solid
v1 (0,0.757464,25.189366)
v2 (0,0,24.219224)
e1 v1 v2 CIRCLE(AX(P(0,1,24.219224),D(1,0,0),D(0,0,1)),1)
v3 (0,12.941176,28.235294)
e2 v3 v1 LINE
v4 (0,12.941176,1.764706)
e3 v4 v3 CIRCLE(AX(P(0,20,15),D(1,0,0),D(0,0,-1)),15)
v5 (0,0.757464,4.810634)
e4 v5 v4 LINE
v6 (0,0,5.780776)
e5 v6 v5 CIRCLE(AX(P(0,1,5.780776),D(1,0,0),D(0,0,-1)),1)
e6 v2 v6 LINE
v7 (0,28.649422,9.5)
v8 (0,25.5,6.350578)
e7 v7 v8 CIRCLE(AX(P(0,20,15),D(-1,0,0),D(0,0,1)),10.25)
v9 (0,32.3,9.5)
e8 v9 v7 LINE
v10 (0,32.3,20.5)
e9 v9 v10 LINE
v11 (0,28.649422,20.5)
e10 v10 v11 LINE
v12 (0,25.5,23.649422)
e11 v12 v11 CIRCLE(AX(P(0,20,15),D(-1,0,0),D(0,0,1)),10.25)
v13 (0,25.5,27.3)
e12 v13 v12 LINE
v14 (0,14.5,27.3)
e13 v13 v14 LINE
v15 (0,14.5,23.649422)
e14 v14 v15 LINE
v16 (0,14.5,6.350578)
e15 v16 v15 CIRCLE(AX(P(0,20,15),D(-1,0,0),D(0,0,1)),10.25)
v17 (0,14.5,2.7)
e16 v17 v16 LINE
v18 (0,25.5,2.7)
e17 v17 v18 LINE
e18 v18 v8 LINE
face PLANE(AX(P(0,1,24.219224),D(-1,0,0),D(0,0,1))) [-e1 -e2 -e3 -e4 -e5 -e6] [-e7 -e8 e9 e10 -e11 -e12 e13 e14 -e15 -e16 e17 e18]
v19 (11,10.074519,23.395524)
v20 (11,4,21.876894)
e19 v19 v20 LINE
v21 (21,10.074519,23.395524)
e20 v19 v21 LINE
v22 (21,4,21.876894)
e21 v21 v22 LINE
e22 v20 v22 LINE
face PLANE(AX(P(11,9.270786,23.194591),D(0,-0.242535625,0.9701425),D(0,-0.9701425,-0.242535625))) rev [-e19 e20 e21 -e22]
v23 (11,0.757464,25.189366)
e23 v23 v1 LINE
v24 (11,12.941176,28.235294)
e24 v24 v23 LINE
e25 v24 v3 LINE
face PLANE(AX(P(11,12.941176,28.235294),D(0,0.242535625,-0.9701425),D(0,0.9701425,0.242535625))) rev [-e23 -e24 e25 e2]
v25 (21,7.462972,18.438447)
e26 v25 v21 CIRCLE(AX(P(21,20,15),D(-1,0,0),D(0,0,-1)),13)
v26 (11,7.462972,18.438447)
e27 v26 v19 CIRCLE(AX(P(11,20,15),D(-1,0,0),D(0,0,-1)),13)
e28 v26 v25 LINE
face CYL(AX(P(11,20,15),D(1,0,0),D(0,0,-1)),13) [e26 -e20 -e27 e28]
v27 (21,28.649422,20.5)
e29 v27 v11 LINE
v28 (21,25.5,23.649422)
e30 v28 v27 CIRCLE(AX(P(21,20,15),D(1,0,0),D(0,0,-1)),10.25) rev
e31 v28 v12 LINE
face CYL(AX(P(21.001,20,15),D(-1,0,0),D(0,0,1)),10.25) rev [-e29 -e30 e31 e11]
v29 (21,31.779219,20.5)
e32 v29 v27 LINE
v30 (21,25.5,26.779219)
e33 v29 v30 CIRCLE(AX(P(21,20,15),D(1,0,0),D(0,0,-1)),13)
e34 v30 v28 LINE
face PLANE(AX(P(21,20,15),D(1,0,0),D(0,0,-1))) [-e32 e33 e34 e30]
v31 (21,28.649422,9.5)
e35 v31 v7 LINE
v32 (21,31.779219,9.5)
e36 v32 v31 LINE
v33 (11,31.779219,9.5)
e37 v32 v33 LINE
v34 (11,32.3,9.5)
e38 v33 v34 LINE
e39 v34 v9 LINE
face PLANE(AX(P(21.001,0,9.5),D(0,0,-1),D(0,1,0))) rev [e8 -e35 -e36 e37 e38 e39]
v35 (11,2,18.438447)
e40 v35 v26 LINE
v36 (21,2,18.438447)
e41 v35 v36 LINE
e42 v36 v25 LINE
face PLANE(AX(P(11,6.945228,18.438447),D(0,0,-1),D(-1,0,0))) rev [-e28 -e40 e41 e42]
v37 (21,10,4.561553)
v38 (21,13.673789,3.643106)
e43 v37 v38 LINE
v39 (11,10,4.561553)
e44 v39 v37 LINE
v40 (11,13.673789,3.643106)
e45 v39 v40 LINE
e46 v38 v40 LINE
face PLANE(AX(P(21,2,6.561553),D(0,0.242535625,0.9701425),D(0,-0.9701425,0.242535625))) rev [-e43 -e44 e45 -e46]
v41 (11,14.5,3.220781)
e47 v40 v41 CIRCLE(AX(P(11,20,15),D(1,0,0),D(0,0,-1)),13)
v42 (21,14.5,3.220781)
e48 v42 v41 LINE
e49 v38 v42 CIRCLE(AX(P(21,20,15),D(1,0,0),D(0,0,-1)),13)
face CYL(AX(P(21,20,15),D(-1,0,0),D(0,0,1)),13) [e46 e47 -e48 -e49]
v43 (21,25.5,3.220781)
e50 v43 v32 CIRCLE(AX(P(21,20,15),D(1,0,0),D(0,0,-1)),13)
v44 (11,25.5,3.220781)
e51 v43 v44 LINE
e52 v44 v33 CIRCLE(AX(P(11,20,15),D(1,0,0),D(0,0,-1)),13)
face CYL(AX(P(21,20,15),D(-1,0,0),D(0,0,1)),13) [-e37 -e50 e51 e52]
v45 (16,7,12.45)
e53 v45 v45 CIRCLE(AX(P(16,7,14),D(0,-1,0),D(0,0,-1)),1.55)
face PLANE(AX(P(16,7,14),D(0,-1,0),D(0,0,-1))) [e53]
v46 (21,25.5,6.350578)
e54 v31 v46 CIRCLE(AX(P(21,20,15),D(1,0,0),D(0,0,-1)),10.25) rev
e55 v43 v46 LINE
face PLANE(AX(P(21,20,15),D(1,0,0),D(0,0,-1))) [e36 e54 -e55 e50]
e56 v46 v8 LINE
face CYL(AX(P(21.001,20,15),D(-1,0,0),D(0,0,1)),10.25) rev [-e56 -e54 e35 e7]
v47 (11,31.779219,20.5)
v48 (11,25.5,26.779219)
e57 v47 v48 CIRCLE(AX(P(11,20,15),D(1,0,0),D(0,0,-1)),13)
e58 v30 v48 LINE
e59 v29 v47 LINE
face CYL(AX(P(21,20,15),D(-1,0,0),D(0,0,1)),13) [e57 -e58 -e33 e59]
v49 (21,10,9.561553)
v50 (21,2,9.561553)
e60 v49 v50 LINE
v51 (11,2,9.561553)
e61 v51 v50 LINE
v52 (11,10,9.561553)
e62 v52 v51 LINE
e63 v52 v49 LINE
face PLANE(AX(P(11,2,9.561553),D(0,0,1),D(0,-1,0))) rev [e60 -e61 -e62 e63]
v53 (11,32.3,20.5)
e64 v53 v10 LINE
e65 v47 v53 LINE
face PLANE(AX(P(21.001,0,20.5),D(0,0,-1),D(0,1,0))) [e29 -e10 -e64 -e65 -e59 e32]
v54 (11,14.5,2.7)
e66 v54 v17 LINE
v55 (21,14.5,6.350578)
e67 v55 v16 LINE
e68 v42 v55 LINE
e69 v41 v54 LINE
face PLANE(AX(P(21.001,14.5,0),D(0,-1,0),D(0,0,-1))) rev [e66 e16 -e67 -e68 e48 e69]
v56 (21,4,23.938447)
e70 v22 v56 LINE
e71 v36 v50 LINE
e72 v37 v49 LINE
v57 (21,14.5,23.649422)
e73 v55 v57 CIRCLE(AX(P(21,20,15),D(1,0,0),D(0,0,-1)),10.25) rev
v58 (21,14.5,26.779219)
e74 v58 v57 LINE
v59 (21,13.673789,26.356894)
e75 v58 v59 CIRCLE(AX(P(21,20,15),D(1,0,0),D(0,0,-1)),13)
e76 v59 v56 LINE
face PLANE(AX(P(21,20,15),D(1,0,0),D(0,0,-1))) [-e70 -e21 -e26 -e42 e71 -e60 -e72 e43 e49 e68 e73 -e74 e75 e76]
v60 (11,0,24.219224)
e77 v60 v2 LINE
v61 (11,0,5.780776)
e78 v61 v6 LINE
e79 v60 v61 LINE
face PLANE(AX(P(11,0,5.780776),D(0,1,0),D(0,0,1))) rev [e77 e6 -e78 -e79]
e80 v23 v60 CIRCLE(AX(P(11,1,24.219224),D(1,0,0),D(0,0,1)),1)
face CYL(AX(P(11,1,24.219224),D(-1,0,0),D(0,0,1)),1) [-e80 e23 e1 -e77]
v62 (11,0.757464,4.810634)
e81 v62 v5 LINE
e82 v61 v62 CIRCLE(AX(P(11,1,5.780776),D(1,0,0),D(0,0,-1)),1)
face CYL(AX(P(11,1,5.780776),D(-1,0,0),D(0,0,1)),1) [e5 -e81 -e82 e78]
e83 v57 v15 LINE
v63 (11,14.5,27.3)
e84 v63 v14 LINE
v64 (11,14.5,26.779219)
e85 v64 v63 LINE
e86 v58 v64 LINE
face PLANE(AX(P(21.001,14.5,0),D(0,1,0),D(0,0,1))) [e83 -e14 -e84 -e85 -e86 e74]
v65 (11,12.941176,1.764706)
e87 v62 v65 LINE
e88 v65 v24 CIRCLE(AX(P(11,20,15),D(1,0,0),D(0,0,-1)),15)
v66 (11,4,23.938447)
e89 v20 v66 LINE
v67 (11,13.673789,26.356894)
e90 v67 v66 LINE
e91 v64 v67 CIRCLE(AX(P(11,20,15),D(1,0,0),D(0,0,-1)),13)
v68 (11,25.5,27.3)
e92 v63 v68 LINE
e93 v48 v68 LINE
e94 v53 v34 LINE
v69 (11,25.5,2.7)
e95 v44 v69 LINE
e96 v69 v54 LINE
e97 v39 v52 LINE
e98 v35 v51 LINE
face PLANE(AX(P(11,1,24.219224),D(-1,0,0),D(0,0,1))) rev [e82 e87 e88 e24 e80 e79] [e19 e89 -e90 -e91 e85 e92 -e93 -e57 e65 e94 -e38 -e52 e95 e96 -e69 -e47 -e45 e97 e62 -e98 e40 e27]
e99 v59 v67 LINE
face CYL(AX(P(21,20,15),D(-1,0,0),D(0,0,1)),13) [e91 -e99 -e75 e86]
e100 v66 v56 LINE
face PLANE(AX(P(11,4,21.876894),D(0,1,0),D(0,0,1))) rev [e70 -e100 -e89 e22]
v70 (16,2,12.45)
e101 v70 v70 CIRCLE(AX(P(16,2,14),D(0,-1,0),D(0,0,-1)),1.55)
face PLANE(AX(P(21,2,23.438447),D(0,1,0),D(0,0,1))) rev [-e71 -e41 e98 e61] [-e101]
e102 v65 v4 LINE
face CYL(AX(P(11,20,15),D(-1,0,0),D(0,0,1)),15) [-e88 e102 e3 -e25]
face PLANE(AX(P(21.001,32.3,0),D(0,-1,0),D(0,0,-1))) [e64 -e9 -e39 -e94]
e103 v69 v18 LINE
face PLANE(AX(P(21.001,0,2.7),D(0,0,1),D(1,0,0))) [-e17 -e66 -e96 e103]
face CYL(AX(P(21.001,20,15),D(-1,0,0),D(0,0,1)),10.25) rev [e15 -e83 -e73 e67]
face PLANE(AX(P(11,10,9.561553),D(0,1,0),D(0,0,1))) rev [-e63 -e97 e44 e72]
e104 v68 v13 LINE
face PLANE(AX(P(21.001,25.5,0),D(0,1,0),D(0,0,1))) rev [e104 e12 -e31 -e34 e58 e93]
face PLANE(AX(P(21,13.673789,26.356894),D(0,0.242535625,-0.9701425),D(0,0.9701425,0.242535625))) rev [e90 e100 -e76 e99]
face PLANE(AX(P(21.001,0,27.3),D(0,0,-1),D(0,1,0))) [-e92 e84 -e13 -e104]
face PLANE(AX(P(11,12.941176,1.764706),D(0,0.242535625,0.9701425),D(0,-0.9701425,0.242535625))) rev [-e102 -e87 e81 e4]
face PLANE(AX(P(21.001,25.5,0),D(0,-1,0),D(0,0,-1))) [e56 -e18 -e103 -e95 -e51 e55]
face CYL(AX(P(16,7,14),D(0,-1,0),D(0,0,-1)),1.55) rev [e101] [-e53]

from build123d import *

# Parameters (mm, degrees)
CROQUIS1_R              = 10
SALIENTE_EXTRUIR1_DEPTH = 11
CROQUIS2_R              = 10
SALIENTE_EXTRUIR2_DEPTH = 10
CORTAR_EXTRUIR3_START   = -10
CORTAR_EXTRUIR3_DEPTH   = 10
CROQUIS8_R              = 1.55
CORTAR_EXTRUIR4_DEPTH   = 5
CORTAR_EXTRUIR8_REACH   = 52.656
CORTAR_EXTRUIR9_START   = -10
CORTAR_EXTRUIR9_DEPTH   = 10


with BuildPart() as part:
    # Croquis1 → Saliente-Extruir1 (new body)
    with BuildSketch(Plane(origin=(0, 0, 0), x_dir=(0, 0, -1), z_dir=(1, 0, 0))):
        with BuildLine():
            Line((-5.780776406, 0), (-24.219223594, 0))
            ThreePointArc((-24.219223594, 0), (-24.834635803, 0.211794562), (-25.189366094, 0.757464375))
            Line((-25.189366094, 0.757464375), (-28.235294118, 12.941176471))
            ThreePointArc((-28.235294118, 12.941176471), (-15, 35), (-1.764705882, 12.941176471))
            Line((-1.764705882, 12.941176471), (-4.810633906, 0.757464375))
            ThreePointArc((-4.810633906, 0.757464375), (-5.165364197, 0.211794562), (-5.780776406, 0))
        make_face()
        with Locations((-15, 20)):
            Circle(CROQUIS1_R, mode=Mode.SUBTRACT)
    extrude(amount=SALIENTE_EXTRUIR1_DEPTH)

    # Croquis2 → Saliente-Extruir2 (add)
    with BuildSketch(Plane(origin=(11, 0, 0), x_dir=(0, 0, -1), z_dir=(1, 0, 0))):
        with BuildLine():
            Line((-23.438447187, 2), (-6.561552813, 2))
            Line((-6.561552813, 2), (-3.643105675, 13.673788552))
            ThreePointArc((-3.643105675, 13.673788552), (-15, 33), (-26.356894325, 13.673788552))
            Line((-26.356894325, 13.673788552), (-23.438447187, 2))
        make_face()
        with Locations((-15, 20)):
            Circle(CROQUIS2_R, mode=Mode.SUBTRACT)
    extrude(amount=SALIENTE_EXTRUIR2_DEPTH)

    # Croquis3 → Cortar-Extruir3 (cut)
    with BuildSketch(Plane(origin=(21, 0, 0), x_dir=(0, 0, -1), z_dir=(1, 0, 0)).offset(CORTAR_EXTRUIR3_START)):
        Polygon((-9.561552813, 2), (-9.561552813, 10), (-4.561552813, 10), (-6.561552813, 2), align=None)
        with BuildLine():
            Line((-23.438447187, 2), (-18.438447187, 2))
            Line((-18.438447187, 2), (-18.438447187, 6.945227656))
            Line((-18.438447187, 6.945227656), (-18.438447187, 7.462971606))
            ThreePointArc((-18.438447187, 7.462971606), (-21.059353424, 8.498511571), (-23.395524099, 10.074518898))
            Line((-23.395524099, 10.074518898), (-23.194590952, 9.270786312))
            Line((-23.194590952, 9.270786312), (-21.876894374, 4))
            Line((-21.876894374, 4), (-23.938447187, 4))
            Line((-23.938447187, 4), (-23.438447187, 2))
        make_face()
    extrude(amount=CORTAR_EXTRUIR3_DEPTH, mode=Mode.SUBTRACT)

    # Croquis8 → Cortar-Extruir4 (cut)
    with BuildSketch(Plane.XZ.offset(-2)):
        with Locations(Location((16, 14, 0), (0, 0, 270))):
            Circle(CROQUIS8_R)
    extrude(amount=-CORTAR_EXTRUIR4_DEPTH, mode=Mode.SUBTRACT)

    # Croquis10 → Cortar-Extruir8 (cut, up to next)
    with BuildSketch(Plane.ZY, mode=Mode.PRIVATE) as cortar_extruir8_sk1:
        with BuildLine():
            Line((15, 32.3), (20.5, 32.3))
            Line((20.5, 32.3), (20.5, 28.649421946))
            ThreePointArc((20.5, 28.649421946), (22.247844507, 27.247844507), (23.649421946, 25.5))
            Line((23.649421946, 25.5), (27.3, 25.5))
            Line((27.3, 25.5), (27.3, 20))
            Line((27.3, 20), (27.3, 14.5))
            Line((27.3, 14.5), (23.649421946, 14.5))
            ThreePointArc((23.649421946, 14.5), (15, 9.75), (6.350578054, 14.5))
            Line((6.350578054, 14.5), (2.7, 14.5))
            Line((2.7, 14.5), (2.7, 20))
            Line((2.7, 20), (2.7, 25.5))
            Line((2.7, 25.5), (6.350578054, 25.5))
            ThreePointArc((6.350578054, 25.5), (7.752155493, 27.247844507), (9.5, 28.649421946))
            Line((9.5, 28.649421946), (9.5, 32.3))
            Line((9.5, 32.3), (15, 32.3))
        make_face()
    cortar_extruir8_tool1 = extrude(cortar_extruir8_sk1.sketch, amount=-CORTAR_EXTRUIR8_REACH, mode=Mode.PRIVATE) & part.part
    add(cortar_extruir8_tool1.solids().sort_by_distance((0, 20.746773, 15))[0], mode=Mode.SUBTRACT)

    # Croquis12 → Cortar-Extruir9 (cut)
    with BuildSketch(Plane(origin=(21, 0, 0), x_dir=(0, 0, -1), z_dir=(1, 0, 0)).offset(CORTAR_EXTRUIR9_START)):
        with BuildLine():
            Line((-19.208325083, 32.3), (-10.791674918, 32.3))
            ThreePointArc((-10.791674918, 32.3), (-15, 33), (-19.208325083, 32.3))
        make_face()
        with BuildLine():
            Line((-27.3, 15.791674917), (-27.3, 24.208325082))
            ThreePointArc((-27.3, 24.208325082), (-28, 20), (-27.3, 15.791674917))
        make_face()
        with BuildLine():
            Line((-2.7, 24.208325083), (-2.7, 15.791674917))
            ThreePointArc((-2.7, 15.791674917), (-2, 20), (-2.7, 24.208325083))
        make_face()
    extrude(amount=CORTAR_EXTRUIR9_DEPTH, mode=Mode.SUBTRACT)


solid = part.part
